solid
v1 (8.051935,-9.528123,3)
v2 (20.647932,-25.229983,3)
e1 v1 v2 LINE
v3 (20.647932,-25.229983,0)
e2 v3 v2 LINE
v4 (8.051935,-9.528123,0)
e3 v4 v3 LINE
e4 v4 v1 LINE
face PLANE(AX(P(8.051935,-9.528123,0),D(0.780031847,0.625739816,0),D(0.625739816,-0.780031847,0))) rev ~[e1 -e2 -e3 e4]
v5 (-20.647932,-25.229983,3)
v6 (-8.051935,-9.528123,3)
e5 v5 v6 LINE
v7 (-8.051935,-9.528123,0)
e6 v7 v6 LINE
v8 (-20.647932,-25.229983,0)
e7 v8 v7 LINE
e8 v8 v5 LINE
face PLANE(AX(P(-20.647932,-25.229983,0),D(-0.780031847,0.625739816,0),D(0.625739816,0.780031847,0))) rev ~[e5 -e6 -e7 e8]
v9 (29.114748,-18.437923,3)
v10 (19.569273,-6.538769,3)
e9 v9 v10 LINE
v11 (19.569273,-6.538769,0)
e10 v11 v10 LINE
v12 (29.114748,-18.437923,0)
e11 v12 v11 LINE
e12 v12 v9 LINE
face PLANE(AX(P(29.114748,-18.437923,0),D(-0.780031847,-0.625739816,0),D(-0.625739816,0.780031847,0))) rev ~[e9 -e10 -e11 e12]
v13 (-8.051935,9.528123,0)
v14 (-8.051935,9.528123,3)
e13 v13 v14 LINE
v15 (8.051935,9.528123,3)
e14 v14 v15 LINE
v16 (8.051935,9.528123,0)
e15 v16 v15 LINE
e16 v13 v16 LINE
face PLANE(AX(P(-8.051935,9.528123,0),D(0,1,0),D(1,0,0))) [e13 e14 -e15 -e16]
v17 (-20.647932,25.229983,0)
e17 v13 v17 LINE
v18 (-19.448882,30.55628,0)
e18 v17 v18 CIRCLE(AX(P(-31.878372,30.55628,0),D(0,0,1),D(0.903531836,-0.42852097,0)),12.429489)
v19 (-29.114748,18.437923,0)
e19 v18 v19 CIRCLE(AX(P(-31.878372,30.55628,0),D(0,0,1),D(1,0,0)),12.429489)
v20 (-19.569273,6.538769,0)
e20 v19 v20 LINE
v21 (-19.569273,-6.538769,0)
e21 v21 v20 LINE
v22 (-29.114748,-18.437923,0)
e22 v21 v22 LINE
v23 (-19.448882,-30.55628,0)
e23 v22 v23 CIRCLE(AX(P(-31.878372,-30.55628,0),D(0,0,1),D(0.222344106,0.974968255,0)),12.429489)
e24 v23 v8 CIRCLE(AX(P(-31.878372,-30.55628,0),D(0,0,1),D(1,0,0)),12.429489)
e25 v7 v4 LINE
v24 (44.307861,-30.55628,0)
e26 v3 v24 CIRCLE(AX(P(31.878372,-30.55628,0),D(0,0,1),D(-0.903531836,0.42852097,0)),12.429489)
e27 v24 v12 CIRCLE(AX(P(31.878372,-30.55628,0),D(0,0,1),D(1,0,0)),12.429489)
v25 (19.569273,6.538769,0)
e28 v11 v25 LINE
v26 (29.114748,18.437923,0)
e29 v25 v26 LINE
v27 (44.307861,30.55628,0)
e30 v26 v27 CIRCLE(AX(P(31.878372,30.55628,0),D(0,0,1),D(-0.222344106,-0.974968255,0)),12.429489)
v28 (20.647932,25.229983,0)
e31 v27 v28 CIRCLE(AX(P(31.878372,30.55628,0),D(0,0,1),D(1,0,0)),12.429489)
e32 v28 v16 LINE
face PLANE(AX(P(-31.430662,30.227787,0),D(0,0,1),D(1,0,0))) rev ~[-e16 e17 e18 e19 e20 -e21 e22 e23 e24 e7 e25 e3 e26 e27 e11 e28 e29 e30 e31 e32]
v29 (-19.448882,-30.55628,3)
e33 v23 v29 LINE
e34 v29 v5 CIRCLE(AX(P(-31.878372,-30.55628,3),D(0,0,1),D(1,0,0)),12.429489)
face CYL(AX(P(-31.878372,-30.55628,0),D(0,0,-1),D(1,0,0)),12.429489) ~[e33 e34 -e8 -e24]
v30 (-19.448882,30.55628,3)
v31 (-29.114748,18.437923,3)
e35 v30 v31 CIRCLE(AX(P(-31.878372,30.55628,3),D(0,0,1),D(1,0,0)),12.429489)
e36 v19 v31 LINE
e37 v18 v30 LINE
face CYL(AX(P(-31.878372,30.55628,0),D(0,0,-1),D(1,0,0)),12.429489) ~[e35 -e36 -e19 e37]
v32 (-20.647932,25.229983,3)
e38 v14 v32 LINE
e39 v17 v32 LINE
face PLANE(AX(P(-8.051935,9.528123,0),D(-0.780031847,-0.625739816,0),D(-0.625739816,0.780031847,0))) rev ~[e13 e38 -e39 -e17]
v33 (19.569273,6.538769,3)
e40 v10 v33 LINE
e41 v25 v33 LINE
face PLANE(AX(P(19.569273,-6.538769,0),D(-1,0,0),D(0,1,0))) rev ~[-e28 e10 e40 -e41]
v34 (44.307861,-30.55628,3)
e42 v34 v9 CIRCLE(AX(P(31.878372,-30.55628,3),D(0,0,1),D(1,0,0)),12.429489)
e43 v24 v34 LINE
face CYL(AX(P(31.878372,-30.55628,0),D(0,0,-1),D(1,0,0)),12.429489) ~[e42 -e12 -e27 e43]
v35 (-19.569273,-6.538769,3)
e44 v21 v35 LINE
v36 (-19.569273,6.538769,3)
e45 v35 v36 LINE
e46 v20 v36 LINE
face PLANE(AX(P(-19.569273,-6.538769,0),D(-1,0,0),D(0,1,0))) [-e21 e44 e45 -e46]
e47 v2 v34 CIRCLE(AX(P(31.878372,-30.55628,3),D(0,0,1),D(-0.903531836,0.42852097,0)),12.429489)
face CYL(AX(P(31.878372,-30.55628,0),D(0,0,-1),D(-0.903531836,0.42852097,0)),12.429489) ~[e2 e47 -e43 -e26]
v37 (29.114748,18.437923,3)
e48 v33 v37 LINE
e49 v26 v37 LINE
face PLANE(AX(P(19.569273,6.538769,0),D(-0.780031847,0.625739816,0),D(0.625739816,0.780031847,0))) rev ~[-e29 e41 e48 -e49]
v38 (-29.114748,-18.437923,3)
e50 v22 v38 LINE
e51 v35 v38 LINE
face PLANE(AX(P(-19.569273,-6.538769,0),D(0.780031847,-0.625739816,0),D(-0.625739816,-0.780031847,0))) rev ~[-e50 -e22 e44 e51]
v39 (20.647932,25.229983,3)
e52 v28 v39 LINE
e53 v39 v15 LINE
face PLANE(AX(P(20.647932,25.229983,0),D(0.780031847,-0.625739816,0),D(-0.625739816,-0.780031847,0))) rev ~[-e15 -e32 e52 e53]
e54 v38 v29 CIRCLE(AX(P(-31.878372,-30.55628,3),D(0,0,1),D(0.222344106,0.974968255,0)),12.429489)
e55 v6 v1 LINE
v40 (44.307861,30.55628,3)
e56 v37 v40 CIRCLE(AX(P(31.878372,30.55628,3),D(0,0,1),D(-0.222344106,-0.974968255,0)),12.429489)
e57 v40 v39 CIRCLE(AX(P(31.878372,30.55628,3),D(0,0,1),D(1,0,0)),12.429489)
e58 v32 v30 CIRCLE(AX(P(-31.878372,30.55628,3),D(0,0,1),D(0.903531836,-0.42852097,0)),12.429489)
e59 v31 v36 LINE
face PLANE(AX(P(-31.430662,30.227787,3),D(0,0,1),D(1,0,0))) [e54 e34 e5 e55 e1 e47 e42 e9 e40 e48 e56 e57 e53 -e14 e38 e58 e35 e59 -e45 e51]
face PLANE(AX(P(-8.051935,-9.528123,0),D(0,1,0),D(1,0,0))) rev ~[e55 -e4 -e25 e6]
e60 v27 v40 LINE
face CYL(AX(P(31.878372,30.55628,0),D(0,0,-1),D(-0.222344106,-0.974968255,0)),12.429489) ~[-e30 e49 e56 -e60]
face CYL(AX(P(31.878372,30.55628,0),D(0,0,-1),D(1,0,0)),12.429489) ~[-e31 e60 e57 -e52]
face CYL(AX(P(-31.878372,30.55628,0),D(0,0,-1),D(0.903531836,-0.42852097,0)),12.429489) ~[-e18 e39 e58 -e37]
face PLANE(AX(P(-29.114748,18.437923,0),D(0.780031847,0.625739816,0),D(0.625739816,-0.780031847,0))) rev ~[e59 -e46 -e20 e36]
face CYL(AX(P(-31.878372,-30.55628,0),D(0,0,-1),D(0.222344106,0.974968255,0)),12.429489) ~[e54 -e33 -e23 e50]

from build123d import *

# Parameters (mm, degrees)
F0_W     = 11.5173384978
F0_H     = 13.0775373821
F0_W_2   = 16.1038693041
F0_H_2   = 2.9893541513
F1_DEPTH = 3


with BuildPart() as f1:
    # F0 (on Top) → F1 (new body)
    with BuildSketch(Plane.XY):
        with BuildLine():
            Line((-27.644963935, 33.9523106813), (-20.6479323776, 25.2299834391))
            ThreePointArc((-20.6479323776, 25.2299834391), (-19.752349447, 27.8264836408), (-19.4488823526, 30.5562803009))
            ThreePointArc((-19.4488823526, 30.5562803009), (-41.5954351034, 38.3068214365), (-29.1147480721, 18.4379226783))
            Line((-29.1147480721, 18.4379226783), (-36.1117796295, 27.1602499205))
            Line((-36.1117796295, 27.1602499205), (-27.644963935, 33.9523106813))
        make_face()
        with BuildLine():
            ThreePointArc((-29.1147480721, 18.4379226783), (-24.1007453474, 20.8608827061), (-20.6479323776, 25.2299834391))
            Line((-20.6479323776, 25.2299834391), (-27.644963935, 33.9523106813))
            Line((-27.644963935, 33.9523106813), (-36.1117796295, 27.1602499205))
            Line((-36.1117796295, 27.1602499205), (-29.1147480721, 18.4379226783))
        make_face()
        with BuildLine():
            Line((-19.5692731498, 6.5387686911), (-8.051934652, 9.5281228423))
            Line((-8.051934652, 9.5281228423), (-20.6479323776, 25.2299834391))
            ThreePointArc((-20.6479323776, 25.2299834391), (-24.1007453474, 20.8608827061), (-29.1147480721, 18.4379226783))
            Line((-29.1147480721, 18.4379226783), (-19.5692731498, 6.5387686911))
        make_face()
        with BuildLine():
            ThreePointArc((44.3078612119, 30.5562803009), (29.1485751221, 42.6823026363), (20.6479323776, 25.2299834391))
            Line((20.6479323776, 25.2299834391), (27.644963935, 33.9523106813))
            Line((27.644963935, 33.9523106813), (36.1117796295, 27.1602499205))
            Line((36.1117796295, 27.1602499205), (29.1147480721, 18.4379226783))
            ThreePointArc((29.1147480721, 18.4379226783), (39.6289129179, 20.8392169798), (44.3078612119, 30.5562803009))
        make_face()
        with BuildLine():
            Line((27.644963935, 33.9523106813), (20.6479323776, 25.2299834391))
            ThreePointArc((20.6479323776, 25.2299834391), (24.1007453474, 20.8608827061), (29.1147480721, 18.4379226783))
            Line((29.1147480721, 18.4379226783), (36.1117796295, 27.1602499205))
            Line((36.1117796295, 27.1602499205), (27.644963935, 33.9523106813))
        make_face()
        with BuildLine():
            Line((20.6479323776, 25.2299834391), (8.051934652, 9.5281228423))
            Line((8.051934652, 9.5281228423), (19.5692731498, 6.5387686911))
            Line((19.5692731498, 6.5387686911), (29.1147480721, 18.4379226783))
            ThreePointArc((29.1147480721, 18.4379226783), (24.1007453474, 20.8608827061), (20.6479323776, 25.2299834391))
        make_face()
        with BuildLine():
            ThreePointArc((44.3078612119, -30.5562803009), (39.6289129179, -20.8392169798), (29.1147480721, -18.4379226783))
            Line((29.1147480721, -18.4379226783), (36.1117796295, -27.1602499205))
            Line((36.1117796295, -27.1602499205), (27.644963935, -33.9523106813))
            Line((27.644963935, -33.9523106813), (20.6479323776, -25.2299834391))
            ThreePointArc((20.6479323776, -25.2299834391), (29.1485751221, -42.6823026363), (44.3078612119, -30.5562803009))
        make_face()
        with BuildLine():
            Line((36.1117796295, -27.1602499205), (29.1147480721, -18.4379226783))
            ThreePointArc((29.1147480721, -18.4379226783), (24.1007453474, -20.8608827061), (20.6479323776, -25.2299834391))
            Line((20.6479323776, -25.2299834391), (27.644963935, -33.9523106813))
            Line((27.644963935, -33.9523106813), (36.1117796295, -27.1602499205))
        make_face()
        with BuildLine():
            Line((29.1147480721, -18.4379226783), (19.5692731498, -6.5387686911))
            Line((19.5692731498, -6.5387686911), (8.051934652, -9.5281228423))
            Line((8.051934652, -9.5281228423), (20.6479323776, -25.2299834391))
            ThreePointArc((20.6479323776, -25.2299834391), (24.1007453474, -20.8608827061), (29.1147480721, -18.4379226783))
        make_face()
        with BuildLine():
            Line((-36.1117796295, -27.1602499205), (-29.1147480721, -18.4379226783))
            ThreePointArc((-29.1147480721, -18.4379226783), (-41.5954351034, -38.3068214365), (-19.4488823526, -30.5562803009))
            ThreePointArc((-19.4488823526, -30.5562803009), (-19.752349447, -27.8264836408), (-20.6479323776, -25.2299834391))
            Line((-20.6479323776, -25.2299834391), (-27.644963935, -33.9523106813))
            Line((-27.644963935, -33.9523106813), (-36.1117796295, -27.1602499205))
        make_face()
        with BuildLine():
            ThreePointArc((-20.6479323776, -25.2299834391), (-24.1007453474, -20.8608827061), (-29.1147480721, -18.4379226783))
            Line((-29.1147480721, -18.4379226783), (-36.1117796295, -27.1602499205))
            Line((-36.1117796295, -27.1602499205), (-27.644963935, -33.9523106813))
            Line((-27.644963935, -33.9523106813), (-20.6479323776, -25.2299834391))
        make_face()
        with BuildLine():
            Line((-8.051934652, -9.5281228423), (-19.5692731498, -6.5387686911))
            Line((-19.5692731498, -6.5387686911), (-29.1147480721, -18.4379226783))
            ThreePointArc((-29.1147480721, -18.4379226783), (-24.1007453474, -20.8608827061), (-20.6479323776, -25.2299834391))
            Line((-20.6479323776, -25.2299834391), (-8.051934652, -9.5281228423))
        make_face()
        with Locations((-13.8106039009, 0)):
            Rectangle(F0_W, F0_H)
        Rectangle(F0_W_2, F0_H)
        with Locations((13.8106039009, 0)):
            Rectangle(F0_W, F0_H)
        with Locations((0, -8.0334457667)):
            Rectangle(F0_W_2, F0_H_2)
        with Locations((0, 8.0334457667)):
            Rectangle(F0_W_2, F0_H_2)
        Polygon((-8.051934652, 6.5387686911), (-8.051934652, 9.5281228423), (-19.5692731498, 6.5387686911), align=None)
        Polygon((-8.051934652, -6.5387686911), (-19.5692731498, -6.5387686911), (-8.051934652, -9.5281228423), align=None)
        Polygon((8.051934652, -9.5281228423), (19.5692731498, -6.5387686911), (8.051934652, -6.5387686911), align=None)
        Polygon((19.5692731498, 6.5387686911), (8.051934652, 9.5281228423), (8.051934652, 6.5387686911), align=None)
    extrude(amount=F1_DEPTH)


solid = f1.part
